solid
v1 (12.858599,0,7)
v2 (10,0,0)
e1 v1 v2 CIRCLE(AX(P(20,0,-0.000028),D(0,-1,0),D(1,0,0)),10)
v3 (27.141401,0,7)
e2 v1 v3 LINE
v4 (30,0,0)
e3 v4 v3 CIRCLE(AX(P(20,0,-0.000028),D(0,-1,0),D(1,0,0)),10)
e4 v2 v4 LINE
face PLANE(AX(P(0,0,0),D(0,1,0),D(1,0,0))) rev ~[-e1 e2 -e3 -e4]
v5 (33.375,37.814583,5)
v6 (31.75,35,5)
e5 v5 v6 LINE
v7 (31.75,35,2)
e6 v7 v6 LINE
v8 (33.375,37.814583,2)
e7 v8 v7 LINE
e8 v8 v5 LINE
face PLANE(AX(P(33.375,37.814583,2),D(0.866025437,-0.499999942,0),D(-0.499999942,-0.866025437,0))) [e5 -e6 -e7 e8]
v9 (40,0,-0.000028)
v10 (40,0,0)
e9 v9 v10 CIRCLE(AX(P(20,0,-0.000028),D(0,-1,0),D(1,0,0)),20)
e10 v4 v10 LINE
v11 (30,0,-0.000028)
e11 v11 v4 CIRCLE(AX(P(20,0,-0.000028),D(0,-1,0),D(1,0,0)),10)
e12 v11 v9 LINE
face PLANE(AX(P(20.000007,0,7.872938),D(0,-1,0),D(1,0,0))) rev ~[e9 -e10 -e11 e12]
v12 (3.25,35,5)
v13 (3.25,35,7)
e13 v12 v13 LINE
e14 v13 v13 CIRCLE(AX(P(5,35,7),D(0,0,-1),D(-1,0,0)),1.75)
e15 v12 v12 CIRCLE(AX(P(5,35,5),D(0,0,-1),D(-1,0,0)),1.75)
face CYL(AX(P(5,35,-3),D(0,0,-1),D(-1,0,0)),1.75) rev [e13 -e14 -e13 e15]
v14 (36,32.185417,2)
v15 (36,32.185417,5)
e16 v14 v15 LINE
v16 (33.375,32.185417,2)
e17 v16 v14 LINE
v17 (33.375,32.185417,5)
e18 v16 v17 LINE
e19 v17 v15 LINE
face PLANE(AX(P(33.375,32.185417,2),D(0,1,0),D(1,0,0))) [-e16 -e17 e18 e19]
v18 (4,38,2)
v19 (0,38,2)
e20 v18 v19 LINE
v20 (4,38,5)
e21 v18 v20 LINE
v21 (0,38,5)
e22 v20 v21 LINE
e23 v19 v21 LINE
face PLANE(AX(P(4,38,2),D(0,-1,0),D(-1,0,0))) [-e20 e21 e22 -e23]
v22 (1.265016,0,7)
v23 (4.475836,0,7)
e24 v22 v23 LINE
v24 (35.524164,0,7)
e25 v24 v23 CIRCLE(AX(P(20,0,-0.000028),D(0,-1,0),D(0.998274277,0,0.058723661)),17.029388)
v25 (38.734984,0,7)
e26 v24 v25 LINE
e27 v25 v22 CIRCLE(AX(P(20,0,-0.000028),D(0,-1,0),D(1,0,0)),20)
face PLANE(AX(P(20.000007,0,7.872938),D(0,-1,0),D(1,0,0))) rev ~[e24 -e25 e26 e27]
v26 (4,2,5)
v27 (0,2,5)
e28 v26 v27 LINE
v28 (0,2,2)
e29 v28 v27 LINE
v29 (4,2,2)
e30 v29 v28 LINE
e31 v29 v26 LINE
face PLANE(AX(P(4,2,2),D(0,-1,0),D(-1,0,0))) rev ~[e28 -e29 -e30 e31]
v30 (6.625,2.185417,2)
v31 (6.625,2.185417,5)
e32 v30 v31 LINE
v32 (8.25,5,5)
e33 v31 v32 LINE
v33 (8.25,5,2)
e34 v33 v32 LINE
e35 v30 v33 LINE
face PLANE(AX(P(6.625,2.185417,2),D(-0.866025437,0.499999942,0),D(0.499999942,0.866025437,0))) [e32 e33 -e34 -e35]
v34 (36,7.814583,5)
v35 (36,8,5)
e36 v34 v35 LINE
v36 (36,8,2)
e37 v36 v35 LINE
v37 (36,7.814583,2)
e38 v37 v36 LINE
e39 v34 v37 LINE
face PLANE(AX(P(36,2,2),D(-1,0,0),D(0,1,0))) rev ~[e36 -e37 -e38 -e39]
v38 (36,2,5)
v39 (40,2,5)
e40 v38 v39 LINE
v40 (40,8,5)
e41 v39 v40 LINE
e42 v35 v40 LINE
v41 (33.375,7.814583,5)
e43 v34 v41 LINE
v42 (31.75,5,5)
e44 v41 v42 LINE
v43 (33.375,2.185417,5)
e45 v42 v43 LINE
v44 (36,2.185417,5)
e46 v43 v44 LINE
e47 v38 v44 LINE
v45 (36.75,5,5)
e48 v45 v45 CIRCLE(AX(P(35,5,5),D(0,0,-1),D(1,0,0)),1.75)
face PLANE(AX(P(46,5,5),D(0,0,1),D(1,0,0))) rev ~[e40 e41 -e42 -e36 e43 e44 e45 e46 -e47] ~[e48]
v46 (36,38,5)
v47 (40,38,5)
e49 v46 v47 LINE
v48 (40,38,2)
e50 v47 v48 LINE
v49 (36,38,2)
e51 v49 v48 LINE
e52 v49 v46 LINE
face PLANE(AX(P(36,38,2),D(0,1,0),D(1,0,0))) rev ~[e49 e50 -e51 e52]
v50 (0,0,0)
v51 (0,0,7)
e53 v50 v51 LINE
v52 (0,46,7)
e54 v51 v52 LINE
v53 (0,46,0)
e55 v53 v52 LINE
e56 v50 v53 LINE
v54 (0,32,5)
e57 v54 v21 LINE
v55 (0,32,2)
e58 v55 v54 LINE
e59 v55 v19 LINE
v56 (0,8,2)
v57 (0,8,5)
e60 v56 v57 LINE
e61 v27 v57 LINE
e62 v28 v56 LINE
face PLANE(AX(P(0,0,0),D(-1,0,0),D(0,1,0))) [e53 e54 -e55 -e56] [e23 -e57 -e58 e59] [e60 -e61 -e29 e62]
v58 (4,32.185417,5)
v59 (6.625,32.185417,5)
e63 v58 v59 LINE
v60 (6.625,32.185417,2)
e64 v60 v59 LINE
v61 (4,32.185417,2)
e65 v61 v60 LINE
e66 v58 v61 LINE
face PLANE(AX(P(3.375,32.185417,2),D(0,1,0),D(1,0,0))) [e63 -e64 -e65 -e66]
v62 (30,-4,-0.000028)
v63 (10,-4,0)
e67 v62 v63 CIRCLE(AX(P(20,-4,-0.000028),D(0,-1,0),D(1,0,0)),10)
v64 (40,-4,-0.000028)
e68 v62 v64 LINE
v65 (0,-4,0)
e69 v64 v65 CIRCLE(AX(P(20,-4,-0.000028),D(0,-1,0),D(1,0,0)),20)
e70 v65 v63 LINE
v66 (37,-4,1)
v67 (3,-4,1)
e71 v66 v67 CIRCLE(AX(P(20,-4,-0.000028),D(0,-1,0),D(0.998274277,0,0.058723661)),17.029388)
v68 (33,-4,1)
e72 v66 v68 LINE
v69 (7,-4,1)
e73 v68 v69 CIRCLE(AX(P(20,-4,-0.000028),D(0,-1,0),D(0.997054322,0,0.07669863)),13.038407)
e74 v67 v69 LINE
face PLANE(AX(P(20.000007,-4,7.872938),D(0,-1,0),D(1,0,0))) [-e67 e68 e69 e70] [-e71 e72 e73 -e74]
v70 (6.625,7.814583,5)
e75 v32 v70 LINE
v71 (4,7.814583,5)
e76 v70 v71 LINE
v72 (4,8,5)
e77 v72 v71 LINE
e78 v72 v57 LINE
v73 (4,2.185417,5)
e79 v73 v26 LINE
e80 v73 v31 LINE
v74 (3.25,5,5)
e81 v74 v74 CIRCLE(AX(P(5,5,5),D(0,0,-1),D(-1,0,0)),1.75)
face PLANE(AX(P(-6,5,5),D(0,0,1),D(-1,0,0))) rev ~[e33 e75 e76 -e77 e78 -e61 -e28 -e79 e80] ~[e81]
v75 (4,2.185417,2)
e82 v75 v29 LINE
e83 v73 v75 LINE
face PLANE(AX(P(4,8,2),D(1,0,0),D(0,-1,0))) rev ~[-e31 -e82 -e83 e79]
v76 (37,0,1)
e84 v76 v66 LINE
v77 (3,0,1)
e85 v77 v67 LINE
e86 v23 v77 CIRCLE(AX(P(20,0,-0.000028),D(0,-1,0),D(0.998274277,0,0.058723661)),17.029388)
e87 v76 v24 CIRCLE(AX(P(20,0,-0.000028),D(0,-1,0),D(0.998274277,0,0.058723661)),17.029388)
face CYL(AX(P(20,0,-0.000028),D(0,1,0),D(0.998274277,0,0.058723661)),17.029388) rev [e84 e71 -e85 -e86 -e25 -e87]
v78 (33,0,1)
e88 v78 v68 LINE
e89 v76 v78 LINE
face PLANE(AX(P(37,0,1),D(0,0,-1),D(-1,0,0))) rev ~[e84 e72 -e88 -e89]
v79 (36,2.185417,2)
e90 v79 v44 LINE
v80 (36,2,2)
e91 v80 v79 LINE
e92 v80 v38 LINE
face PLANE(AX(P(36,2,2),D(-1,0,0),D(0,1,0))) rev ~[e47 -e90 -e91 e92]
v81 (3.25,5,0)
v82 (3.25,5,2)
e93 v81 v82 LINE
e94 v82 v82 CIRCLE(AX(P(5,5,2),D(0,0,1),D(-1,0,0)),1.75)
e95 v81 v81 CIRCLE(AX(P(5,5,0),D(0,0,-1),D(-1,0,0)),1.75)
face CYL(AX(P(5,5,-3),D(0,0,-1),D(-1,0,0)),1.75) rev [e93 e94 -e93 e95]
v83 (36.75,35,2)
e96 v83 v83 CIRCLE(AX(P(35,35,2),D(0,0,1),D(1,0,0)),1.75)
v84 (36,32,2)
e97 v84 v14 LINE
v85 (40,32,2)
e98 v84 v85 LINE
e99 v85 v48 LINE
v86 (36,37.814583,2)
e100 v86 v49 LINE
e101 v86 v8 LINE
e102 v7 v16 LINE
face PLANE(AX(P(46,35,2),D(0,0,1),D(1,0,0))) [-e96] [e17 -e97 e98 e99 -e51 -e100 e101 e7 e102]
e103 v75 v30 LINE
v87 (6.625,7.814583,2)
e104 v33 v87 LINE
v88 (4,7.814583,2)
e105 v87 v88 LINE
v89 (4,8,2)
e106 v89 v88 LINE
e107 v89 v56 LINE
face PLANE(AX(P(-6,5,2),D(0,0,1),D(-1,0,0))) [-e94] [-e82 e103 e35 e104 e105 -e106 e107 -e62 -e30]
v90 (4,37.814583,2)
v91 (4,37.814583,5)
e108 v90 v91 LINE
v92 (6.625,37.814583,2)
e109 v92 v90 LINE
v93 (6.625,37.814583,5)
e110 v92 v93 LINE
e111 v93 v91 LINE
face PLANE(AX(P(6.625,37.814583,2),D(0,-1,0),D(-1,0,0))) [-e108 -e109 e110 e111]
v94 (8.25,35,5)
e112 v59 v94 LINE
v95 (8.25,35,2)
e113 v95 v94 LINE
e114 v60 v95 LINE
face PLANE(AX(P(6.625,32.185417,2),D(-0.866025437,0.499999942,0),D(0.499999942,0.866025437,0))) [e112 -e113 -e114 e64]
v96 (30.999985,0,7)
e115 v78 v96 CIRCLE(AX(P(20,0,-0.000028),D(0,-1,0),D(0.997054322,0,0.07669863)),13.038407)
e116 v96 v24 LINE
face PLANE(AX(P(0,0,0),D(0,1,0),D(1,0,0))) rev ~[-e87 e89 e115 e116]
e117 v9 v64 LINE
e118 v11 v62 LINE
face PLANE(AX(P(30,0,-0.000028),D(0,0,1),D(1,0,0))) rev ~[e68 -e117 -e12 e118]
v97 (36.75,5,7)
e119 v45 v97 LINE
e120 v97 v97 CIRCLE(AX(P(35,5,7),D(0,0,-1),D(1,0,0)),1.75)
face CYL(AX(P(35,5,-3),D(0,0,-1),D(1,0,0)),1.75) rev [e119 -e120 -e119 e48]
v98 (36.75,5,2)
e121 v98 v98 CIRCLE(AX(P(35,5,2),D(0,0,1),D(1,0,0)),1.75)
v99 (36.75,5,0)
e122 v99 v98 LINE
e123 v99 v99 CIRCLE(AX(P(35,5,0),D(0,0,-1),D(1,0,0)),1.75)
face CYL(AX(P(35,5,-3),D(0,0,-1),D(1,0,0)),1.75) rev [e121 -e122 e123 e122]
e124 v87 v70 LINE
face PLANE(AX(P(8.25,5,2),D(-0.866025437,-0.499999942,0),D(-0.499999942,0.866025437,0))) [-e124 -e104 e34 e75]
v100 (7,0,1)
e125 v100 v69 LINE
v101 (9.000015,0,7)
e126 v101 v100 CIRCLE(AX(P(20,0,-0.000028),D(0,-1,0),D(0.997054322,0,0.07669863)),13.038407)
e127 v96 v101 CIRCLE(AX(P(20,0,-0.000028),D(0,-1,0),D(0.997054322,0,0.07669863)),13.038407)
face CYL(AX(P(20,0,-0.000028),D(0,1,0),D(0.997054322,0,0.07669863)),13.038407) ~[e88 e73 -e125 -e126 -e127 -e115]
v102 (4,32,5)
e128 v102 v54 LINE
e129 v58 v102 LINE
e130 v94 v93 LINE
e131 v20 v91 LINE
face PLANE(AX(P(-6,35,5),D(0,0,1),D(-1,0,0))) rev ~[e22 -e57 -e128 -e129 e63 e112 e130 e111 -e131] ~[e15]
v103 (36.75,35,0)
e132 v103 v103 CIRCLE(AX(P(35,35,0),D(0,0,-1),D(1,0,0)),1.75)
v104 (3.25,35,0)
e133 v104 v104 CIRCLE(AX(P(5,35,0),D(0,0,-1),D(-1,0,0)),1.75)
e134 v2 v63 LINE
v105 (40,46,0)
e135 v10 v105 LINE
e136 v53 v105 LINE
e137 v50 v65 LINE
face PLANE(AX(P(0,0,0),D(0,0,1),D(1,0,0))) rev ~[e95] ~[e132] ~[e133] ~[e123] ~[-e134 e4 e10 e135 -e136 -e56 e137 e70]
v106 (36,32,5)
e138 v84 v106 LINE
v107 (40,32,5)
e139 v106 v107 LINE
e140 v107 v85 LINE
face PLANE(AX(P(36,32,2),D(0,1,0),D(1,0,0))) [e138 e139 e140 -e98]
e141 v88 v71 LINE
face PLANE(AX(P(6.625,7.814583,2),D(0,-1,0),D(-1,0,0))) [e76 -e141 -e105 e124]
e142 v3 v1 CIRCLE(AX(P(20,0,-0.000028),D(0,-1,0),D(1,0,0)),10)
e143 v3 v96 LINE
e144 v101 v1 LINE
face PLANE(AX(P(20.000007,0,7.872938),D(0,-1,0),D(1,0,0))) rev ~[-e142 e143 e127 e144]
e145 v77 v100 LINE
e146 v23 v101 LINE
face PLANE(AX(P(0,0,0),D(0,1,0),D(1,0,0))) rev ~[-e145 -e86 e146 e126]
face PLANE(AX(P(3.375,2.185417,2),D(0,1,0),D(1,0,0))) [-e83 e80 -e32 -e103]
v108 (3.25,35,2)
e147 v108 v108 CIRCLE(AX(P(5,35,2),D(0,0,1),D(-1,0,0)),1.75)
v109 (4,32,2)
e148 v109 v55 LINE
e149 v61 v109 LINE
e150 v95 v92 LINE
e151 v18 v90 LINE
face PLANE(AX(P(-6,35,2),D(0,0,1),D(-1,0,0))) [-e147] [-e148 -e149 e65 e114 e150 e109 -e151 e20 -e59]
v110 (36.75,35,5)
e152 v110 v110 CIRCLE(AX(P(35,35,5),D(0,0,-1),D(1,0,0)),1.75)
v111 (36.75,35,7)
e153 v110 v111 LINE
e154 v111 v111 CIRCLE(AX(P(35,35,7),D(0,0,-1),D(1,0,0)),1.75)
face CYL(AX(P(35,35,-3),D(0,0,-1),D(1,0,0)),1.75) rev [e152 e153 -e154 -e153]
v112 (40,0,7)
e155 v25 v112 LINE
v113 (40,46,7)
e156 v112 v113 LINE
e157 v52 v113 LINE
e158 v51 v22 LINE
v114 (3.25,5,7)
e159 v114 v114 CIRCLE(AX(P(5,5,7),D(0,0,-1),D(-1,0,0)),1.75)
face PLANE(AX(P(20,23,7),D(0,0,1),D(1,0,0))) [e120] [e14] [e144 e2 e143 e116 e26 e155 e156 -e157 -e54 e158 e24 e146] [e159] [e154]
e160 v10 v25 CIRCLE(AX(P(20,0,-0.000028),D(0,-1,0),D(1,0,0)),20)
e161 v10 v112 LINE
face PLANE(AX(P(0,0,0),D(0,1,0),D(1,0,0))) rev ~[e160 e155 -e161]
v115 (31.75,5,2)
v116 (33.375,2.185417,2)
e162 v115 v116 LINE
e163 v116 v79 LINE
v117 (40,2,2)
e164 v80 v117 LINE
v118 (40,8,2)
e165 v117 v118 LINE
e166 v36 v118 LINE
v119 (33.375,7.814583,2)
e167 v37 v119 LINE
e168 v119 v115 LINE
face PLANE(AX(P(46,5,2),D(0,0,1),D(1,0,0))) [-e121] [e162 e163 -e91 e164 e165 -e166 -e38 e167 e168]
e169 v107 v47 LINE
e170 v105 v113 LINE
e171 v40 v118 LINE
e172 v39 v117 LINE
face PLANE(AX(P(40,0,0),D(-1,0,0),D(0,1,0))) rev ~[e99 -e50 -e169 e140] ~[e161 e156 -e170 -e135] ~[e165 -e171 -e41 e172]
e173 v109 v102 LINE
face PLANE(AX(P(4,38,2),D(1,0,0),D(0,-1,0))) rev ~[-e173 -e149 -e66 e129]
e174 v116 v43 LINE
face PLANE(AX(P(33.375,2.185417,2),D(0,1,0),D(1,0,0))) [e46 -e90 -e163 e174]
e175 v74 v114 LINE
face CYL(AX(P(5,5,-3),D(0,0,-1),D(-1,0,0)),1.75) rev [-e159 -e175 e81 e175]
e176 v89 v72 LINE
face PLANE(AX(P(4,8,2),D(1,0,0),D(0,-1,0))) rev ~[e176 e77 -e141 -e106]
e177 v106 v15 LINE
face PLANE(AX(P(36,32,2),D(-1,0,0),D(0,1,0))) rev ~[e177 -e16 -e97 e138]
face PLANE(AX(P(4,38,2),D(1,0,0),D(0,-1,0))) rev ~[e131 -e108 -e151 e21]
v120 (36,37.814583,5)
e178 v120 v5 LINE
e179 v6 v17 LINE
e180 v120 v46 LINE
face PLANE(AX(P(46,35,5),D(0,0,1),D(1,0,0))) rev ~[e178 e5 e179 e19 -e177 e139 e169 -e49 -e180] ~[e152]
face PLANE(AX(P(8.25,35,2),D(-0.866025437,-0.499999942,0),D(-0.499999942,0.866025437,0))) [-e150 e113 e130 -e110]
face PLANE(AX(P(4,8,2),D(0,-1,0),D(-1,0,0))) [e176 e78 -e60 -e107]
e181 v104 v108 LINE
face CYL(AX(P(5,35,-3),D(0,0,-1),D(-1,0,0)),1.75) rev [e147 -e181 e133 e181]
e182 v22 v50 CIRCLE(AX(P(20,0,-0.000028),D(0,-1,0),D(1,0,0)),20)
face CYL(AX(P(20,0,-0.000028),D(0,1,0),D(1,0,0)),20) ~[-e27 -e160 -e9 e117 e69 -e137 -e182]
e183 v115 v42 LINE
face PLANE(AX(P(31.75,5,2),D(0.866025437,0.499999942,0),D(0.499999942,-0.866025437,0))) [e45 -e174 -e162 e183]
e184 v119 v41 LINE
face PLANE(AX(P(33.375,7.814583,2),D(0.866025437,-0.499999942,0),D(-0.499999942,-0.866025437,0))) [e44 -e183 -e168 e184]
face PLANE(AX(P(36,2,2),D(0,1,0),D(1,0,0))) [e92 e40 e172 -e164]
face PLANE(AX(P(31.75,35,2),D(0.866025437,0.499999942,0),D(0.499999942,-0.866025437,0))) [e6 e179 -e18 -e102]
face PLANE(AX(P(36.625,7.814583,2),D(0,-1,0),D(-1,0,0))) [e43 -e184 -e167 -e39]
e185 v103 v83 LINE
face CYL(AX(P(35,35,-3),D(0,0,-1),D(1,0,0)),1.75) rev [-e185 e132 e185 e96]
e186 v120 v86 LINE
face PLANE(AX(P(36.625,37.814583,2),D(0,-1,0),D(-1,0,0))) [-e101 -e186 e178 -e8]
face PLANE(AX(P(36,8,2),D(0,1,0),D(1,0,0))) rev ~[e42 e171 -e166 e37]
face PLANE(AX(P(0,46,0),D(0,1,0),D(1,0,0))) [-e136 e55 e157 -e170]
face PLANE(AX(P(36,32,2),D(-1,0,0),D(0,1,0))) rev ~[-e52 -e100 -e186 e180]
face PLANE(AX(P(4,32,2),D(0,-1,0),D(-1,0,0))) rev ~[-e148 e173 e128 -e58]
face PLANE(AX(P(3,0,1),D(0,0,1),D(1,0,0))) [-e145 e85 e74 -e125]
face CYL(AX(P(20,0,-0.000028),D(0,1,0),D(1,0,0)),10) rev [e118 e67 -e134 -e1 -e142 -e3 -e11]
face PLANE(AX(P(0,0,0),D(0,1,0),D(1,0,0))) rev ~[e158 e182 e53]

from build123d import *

# Parameters (mm, degrees)
CYLINDER004_R             = 1.75
CYLINDER004_DEPTH         = 30
BOX005_W                  = 20
BOX005_H                  = 6
BOX005_DEPTH              = 3
PRISM004_DEPTH            = 3
FUSION004_PLACEMENT_ANGLE = 180
CYLINDER003_R             = 1.75
CYLINDER003_DEPTH         = 30
BOX004_W                  = 20
BOX004_H                  = 6
BOX004_DEPTH              = 3
PRISM003_DEPTH            = 3
FUSION003_PLACEMENT_ANGLE = 180
CYLINDER002_R             = 1.75
CYLINDER002_DEPTH         = 30
BOX003_W                  = 20
BOX003_H                  = 6
BOX003_DEPTH              = 3
PRISM002_DEPTH            = 3
CYLINDER001_R             = 1.75
CYLINDER001_DEPTH         = 30
BOX002_W                  = 20
BOX002_H                  = 6
BOX002_DEPTH              = 3
PRISM001_DEPTH            = 3
BOX_W                     = 40
BOX_H                     = 46
BOX_DEPTH                 = 7
PAD_DEPTH                 = 4


with BuildPart() as cilindro004:
    # Cylinder004 → Cylinder004 (new body)
    with BuildSketch(Plane.XY.offset(-5)):
        Circle(CYLINDER004_R)
    extrude(amount=CYLINDER004_DEPTH)


with BuildPart() as cubo005:
    # Box005 → Box005 (new body)
    with BuildSketch(Plane(origin=(1, -3, 0), x_dir=(1, 0, 0), z_dir=(0, 0, 1))):
        with Locations((10, 3)):
            Rectangle(BOX005_W, BOX005_H)
    extrude(amount=BOX005_DEPTH)


with BuildPart() as fusion004:
    # Prism004 → Prism004 (new body)
    with BuildSketch(Plane.XY):
        Polygon((3.25, 0), (1.625, 2.814583), (-1.625, 2.814583), (-3.25, 0), (-1.625, -2.814583), (1.625, -2.814583), align=None)
    extrude(amount=PRISM004_DEPTH)

    # Fusion004: union Cilindro004, Cubo005
    add(cilindro004.part)
    add(cubo005.part)


with BuildPart() as fusion004_1:
    # Fusion004 placement: moved
    add(fusion004.part.moved(Location((5, 35, 2))).rotate(Axis((5, 35, 2), (0, 0, 1)), FUSION004_PLACEMENT_ANGLE))


with BuildPart() as cilindro003:
    # Cylinder003 → Cylinder003 (new body)
    with BuildSketch(Plane.XY.offset(-5)):
        Circle(CYLINDER003_R)
    extrude(amount=CYLINDER003_DEPTH)


with BuildPart() as cubo004:
    # Box004 → Box004 (new body)
    with BuildSketch(Plane(origin=(1, -3, 0), x_dir=(1, 0, 0), z_dir=(0, 0, 1))):
        with Locations((10, 3)):
            Rectangle(BOX004_W, BOX004_H)
    extrude(amount=BOX004_DEPTH)


with BuildPart() as fusion003:
    # Prism003 → Prism003 (new body)
    with BuildSketch(Plane.XY):
        Polygon((3.25, 0), (1.625, 2.814583), (-1.625, 2.814583), (-3.25, 0), (-1.625, -2.814583), (1.625, -2.814583), align=None)
    extrude(amount=PRISM003_DEPTH)

    # Fusion003: union Cilindro003, Cubo004
    add(cilindro003.part)
    add(cubo004.part)


with BuildPart() as fusion003_1:
    # Fusion003 placement: moved
    add(fusion003.part.moved(Location((5, 5, 2))).rotate(Axis((5, 5, 2), (0, 0, 1)), FUSION003_PLACEMENT_ANGLE))


with BuildPart() as cilindro002:
    # Cylinder002 → Cylinder002 (new body)
    with BuildSketch(Plane.XY.offset(-5)):
        Circle(CYLINDER002_R)
    extrude(amount=CYLINDER002_DEPTH)


with BuildPart() as cubo003:
    # Box003 → Box003 (new body)
    with BuildSketch(Plane(origin=(1, -3, 0), x_dir=(1, 0, 0), z_dir=(0, 0, 1))):
        with Locations((10, 3)):
            Rectangle(BOX003_W, BOX003_H)
    extrude(amount=BOX003_DEPTH)


with BuildPart() as fusion002:
    # Prism002 → Prism002 (new body)
    with BuildSketch(Plane.XY):
        Polygon((3.25, 0), (1.625, 2.814583), (-1.625, 2.814583), (-3.25, 0), (-1.625, -2.814583), (1.625, -2.814583), align=None)
    extrude(amount=PRISM002_DEPTH)

    # Fusion002: union Cilindro002, Cubo003
    add(cilindro002.part)
    add(cubo003.part)


with BuildPart() as fusion002_1:
    # Fusion002 placement: moved
    add(fusion002.part.moved(Location((35, 35, 2))))


with BuildPart() as cilindro001:
    # Cylinder001 → Cylinder001 (new body)
    with BuildSketch(Plane.XY.offset(-5)):
        Circle(CYLINDER001_R)
    extrude(amount=CYLINDER001_DEPTH)


with BuildPart() as cubo002:
    # Box002 → Box002 (new body)
    with BuildSketch(Plane(origin=(1, -3, 0), x_dir=(1, 0, 0), z_dir=(0, 0, 1))):
        with Locations((10, 3)):
            Rectangle(BOX002_W, BOX002_H)
    extrude(amount=BOX002_DEPTH)


with BuildPart() as fusion001:
    # Prism001 → Prism001 (new body)
    with BuildSketch(Plane.XY):
        Polygon((3.25, 0), (1.625, 2.814583), (-1.625, 2.814583), (-3.25, 0), (-1.625, -2.814583), (1.625, -2.814583), align=None)
    extrude(amount=PRISM001_DEPTH)

    # Fusion001: union Cilindro001, Cubo002
    add(cilindro001.part)
    add(cubo002.part)


with BuildPart() as fusion001_1:
    # Fusion001 placement: moved
    add(fusion001.part.moved(Location((35, 5, 2))))


with BuildPart() as body:
    # Box → Box (new body)
    with BuildSketch(Plane.XY):
        with Locations((20, 23)):
            Rectangle(BOX_W, BOX_H)
    extrude(amount=BOX_DEPTH)

    # Cut: cut Fusion001
    add(fusion001_1.part, mode=Mode.SUBTRACT)

    # Cut001: cut Fusion002
    add(fusion002_1.part, mode=Mode.SUBTRACT)

    # Cut002: cut Fusion003
    add(fusion003_1.part, mode=Mode.SUBTRACT)

    # Cut003: cut Fusion004
    add(fusion004_1.part, mode=Mode.SUBTRACT)

    # Sketch → Pad (new body)
    with BuildSketch(Plane.XZ):
        with BuildLine():
            Line((0, 0), (10, 0))
            ThreePointArc((30, -2.8e-05), (20.000014, 9.999972), (10, 0))
            Line((30, -2.8e-05), (40, -2.8e-05))
            ThreePointArc((40, -2.8e-05), (20.000014, 19.999972), (0, 0))
        make_face()
        with BuildLine():
            ThreePointArc((37, 1), (20, 17.02936), (3, 1))
            Line((3, 1), (7, 1))
            ThreePointArc((33, 1), (20, 13.038379), (7, 1))
            Line((37, 1), (33, 1))
        make_face(mode=Mode.SUBTRACT)
    extrude(amount=PAD_DEPTH)


solid = body.part
